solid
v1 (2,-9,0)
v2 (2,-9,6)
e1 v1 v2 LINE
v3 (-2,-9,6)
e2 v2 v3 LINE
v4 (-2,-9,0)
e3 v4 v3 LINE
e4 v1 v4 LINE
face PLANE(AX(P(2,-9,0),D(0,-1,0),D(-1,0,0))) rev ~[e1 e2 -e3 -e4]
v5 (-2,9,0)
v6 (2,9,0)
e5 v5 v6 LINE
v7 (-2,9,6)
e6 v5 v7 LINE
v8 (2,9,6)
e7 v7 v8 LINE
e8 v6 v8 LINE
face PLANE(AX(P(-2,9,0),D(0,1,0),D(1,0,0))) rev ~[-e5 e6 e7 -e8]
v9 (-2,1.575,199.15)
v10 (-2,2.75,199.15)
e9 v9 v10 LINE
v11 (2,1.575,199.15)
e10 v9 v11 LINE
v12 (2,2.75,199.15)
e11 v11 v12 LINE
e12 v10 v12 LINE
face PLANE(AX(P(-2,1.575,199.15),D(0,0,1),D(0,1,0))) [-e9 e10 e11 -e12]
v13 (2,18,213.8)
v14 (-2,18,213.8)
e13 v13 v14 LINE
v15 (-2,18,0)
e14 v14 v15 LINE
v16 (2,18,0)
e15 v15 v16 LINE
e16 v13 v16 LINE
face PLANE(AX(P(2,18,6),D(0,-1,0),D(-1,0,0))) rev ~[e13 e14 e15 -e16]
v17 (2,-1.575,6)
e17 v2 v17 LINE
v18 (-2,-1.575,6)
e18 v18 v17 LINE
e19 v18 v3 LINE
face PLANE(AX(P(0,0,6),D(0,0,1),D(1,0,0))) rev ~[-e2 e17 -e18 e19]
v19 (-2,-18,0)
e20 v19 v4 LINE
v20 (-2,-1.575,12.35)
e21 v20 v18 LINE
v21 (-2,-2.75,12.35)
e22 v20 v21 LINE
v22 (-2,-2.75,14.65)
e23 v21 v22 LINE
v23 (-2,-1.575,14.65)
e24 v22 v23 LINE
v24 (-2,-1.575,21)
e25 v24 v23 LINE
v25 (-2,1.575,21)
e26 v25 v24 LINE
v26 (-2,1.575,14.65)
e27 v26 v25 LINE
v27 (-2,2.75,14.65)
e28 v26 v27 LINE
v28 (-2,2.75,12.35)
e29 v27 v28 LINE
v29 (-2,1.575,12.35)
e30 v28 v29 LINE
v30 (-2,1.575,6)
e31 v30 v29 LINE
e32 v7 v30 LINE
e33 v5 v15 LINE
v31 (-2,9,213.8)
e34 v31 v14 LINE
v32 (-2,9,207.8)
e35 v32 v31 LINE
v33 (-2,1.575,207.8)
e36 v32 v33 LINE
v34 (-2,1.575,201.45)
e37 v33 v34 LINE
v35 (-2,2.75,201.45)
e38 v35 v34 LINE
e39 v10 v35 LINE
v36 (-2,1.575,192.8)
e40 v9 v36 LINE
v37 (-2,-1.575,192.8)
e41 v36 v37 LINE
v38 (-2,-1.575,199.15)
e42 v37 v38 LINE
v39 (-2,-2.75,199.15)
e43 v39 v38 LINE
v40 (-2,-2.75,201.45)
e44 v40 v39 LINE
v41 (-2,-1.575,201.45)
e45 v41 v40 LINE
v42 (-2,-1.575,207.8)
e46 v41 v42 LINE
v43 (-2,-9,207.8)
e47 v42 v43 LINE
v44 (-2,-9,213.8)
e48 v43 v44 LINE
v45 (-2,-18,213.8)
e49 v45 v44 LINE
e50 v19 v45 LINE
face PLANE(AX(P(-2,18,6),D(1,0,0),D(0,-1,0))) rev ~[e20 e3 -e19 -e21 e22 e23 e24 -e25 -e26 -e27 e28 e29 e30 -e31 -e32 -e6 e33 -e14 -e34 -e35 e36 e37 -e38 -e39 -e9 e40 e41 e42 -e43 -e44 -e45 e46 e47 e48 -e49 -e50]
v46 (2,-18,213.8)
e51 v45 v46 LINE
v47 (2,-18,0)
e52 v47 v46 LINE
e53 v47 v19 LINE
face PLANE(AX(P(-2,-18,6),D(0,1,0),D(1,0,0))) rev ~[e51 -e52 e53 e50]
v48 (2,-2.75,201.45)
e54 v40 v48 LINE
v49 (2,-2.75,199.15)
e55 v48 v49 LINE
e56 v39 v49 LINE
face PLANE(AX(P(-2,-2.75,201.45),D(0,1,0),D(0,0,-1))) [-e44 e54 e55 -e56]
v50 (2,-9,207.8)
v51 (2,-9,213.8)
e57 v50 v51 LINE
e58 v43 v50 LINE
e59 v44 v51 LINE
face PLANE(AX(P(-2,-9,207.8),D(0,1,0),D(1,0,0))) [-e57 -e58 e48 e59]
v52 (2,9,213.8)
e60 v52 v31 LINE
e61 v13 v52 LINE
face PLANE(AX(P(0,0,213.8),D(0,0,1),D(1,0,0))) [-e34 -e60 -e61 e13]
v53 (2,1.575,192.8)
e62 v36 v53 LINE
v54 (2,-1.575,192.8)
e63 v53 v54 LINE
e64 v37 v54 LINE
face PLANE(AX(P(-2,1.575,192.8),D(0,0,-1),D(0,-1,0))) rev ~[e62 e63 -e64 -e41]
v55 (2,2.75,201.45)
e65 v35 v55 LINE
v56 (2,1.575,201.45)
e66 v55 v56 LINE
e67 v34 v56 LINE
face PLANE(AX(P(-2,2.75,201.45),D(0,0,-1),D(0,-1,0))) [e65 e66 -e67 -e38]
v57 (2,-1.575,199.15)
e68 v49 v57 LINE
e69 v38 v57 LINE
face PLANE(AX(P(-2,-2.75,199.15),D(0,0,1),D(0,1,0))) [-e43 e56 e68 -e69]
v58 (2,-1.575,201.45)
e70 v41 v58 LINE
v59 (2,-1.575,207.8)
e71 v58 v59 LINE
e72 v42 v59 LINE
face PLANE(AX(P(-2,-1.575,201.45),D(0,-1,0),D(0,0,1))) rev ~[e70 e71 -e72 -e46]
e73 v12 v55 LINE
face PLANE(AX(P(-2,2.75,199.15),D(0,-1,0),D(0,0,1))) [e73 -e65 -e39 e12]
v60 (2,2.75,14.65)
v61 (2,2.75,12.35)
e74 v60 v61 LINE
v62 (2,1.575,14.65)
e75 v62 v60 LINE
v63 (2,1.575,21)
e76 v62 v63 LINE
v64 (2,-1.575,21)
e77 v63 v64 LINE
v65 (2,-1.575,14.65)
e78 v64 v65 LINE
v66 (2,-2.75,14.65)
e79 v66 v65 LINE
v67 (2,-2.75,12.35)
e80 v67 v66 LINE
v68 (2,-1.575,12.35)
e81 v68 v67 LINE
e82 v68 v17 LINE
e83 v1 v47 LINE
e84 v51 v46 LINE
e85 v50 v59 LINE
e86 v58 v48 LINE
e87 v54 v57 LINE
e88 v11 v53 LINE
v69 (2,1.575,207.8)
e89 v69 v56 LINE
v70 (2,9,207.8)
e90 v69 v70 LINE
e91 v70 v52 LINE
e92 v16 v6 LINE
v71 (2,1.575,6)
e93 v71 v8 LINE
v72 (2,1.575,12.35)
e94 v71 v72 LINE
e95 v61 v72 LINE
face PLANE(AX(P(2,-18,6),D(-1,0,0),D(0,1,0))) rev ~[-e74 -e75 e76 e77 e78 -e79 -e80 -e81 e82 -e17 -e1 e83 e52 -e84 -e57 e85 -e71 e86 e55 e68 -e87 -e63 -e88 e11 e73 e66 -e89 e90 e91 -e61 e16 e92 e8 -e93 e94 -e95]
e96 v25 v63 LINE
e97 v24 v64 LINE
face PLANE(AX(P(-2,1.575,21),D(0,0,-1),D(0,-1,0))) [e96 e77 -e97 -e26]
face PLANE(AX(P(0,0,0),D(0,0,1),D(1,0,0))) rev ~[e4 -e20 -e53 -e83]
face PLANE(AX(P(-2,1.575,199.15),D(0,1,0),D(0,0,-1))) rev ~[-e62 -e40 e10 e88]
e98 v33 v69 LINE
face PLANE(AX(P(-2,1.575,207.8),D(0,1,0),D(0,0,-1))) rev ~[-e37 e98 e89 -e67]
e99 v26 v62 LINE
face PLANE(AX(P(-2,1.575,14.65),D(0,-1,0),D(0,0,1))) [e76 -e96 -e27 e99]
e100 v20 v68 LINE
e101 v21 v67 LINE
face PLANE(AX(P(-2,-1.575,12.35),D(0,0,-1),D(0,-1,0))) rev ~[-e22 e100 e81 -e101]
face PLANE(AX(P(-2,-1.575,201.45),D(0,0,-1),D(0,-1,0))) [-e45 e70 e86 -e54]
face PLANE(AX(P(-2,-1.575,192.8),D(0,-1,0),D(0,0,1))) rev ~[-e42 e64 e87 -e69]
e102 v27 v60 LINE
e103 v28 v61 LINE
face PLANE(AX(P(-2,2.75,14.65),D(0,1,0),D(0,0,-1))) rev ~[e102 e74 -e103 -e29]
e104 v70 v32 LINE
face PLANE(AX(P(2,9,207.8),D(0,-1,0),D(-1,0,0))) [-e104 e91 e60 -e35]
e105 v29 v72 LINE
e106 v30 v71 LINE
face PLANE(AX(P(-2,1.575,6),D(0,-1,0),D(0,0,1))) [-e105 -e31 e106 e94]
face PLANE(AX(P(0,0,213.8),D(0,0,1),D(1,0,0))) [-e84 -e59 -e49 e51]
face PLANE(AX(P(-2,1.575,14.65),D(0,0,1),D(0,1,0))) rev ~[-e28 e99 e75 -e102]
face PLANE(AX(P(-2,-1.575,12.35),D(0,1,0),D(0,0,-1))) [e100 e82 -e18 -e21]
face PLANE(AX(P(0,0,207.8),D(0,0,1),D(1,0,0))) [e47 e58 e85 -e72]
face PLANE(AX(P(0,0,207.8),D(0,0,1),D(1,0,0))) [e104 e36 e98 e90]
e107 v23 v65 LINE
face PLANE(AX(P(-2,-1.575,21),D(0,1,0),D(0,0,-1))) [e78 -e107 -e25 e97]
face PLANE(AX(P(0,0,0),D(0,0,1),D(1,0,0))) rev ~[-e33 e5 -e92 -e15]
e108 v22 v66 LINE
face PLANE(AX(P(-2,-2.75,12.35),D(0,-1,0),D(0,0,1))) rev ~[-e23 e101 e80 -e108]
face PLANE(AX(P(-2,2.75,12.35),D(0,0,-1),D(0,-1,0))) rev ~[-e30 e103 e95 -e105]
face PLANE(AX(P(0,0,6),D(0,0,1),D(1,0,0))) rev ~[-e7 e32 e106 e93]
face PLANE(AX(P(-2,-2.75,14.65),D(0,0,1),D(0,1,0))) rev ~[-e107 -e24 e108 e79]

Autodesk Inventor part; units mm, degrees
ref_plane "YZ Plane" through (0, 0, 0) normal (1, 0, 0) x (0, 1, 0)
ref_plane "XZ Plane" through (0, 0, 0) normal (0, 1, 0) x (-1, 0, 0)
ref_plane "XY Plane" through (0, 0, 0) normal (0, 0, 1) x (1, 0, 0)
sketch "Эскиз1" plane through (0, 0, 0) normal (0, 0, 1) x (1, 0, 0)
  line L0 (-2, 18) -> (2, 18)
  line L1 (2, -18) -> (-2, -18)
  line L2 (-2, 18) -> (2, -18) construction
  line L3 (2, 18) -> (-2, -18) construction
  line L4 (-2, 9) -> (2, 9)
  line L5 (2, -9) -> (-2, -9)
  line L6 (-2, 9) -> (2, -9) construction
  line L7 (2, 9) -> (-2, -9) construction
  line L8 (-2, -18) -> (-2, -9)
  line L9 (-2, 9) -> (-2, 18)
  line L10 (2, 18) -> (2, 9)
  line L11 (2, -9) -> (2, -18)
  point P0 (0, 0)
  dimension "d4" = 36
  dimension "d5" = 4
extrude "Выдавливание1" add sketch "Эскиз1" along normal blind 6
sketch "Эскиз2" plane through (0, 0, 6) normal (0, 0, 1) x (1, 0, 0)
  line L0 (-2, -18) -> (2, -18) projected
  line L1 (2, 18) -> (-2, 18) projected
  line L2 (-2, -18) -> (2, -18)
  line L3 (2, -18) -> (2, 18)
  line L4 (2, 18) -> (-2, 18)
  line L5 (-2, 18) -> (-2, -18)
  point P0 (0, 0)
extrude "Выдавливание2" add sketch "Эскиз2" along normal blind 201.8
sketch "Эскиз4" plane through (0, 0, 207.8) normal (0, 0, 1) x (1, 0, 0)
  line L0 (2, 18) -> (-2, 18) projected
  line L1 (-2, -18) -> (2, -18) projected
  line L2 (-2, 18) -> (2, 18)
  line L3 (2, -18) -> (-2, -18)
  line L4 (-2, 9) -> (-2, -9) projected
  line L5 (2, 9) -> (-2, 9)
  line L6 (-2, -9) -> (2, -9)
  line L7 (2, 9) -> (-2, -9) construction
  line L8 (-2, 9) -> (2, -9) construction
  line L9 (2, 18) -> (2, 9)
  line L10 (2, -9) -> (2, -18)
  line L11 (-2, -18) -> (-2, -9)
  line L12 (-2, 9) -> (-2, 18)
  point P0 (0, 0)
extrude "Выдавливание3" add sketch "Эскиз4" along normal blind 6
sketch "Эскиз5" plane through (-2, -18, 0) normal (-1, 0, 0) x (0, 0, 1)
  line L0 (106.9, -127.9343) -> (106.9, 327.3325) construction
  line L1 (207.8, 27) -> (207.8, 9) projected
  line L2 (192.8, 19.575) -> (192.8, 16.425)
  line L3 (207.8, 16.425) -> (207.8, 19.575)
  line L4 (207.8, 19.575) -> (192.8, 16.425) construction
  line L5 (192.8, 19.575) -> (207.8, 16.425) construction
  line L6 (201.45, 15.25) -> (199.15, 15.25)
  line L7 (199.15, 20.75) -> (201.45, 20.75)
  line L8 (201.45, 15.25) -> (199.15, 20.75) construction
  line L9 (199.15, 15.25) -> (201.45, 20.75) construction
  line L10 (201.45, 20.75) -> (201.45, 19.575)
  line L11 (201.45, 16.425) -> (201.45, 15.25)
  line L12 (207.8, 19.575) -> (201.45, 19.575)
  line L13 (199.15, 19.575) -> (192.8, 19.575)
  line L14 (192.8, 16.425) -> (199.15, 16.425)
  line L15 (201.45, 16.425) -> (207.8, 16.425)
  line L16 (199.15, 15.25) -> (199.15, 16.425)
  line L17 (199.15, 19.575) -> (199.15, 20.75)
  line L18 (6, 27) -> (6, 9)
  line L19 (21, 19.575) -> (21, 16.425)
  line L20 (6, 16.425) -> (6, 19.575)
  line L21 (6, 19.575) -> (21, 16.425) construction
  line L22 (21, 19.575) -> (6, 16.425) construction
  line L23 (12.35, 15.25) -> (14.65, 15.25)
  line L24 (14.65, 20.75) -> (12.35, 20.75)
  line L25 (12.35, 15.25) -> (14.65, 20.75) construction
  line L26 (14.65, 15.25) -> (12.35, 20.75) construction
  line L27 (12.35, 20.75) -> (12.35, 19.575)
  line L28 (12.35, 16.425) -> (12.35, 15.25)
  line L29 (6, 19.575) -> (12.35, 19.575)
  line L30 (14.65, 19.575) -> (21, 19.575)
  line L31 (21, 16.425) -> (14.65, 16.425)
  line L32 (12.35, 16.425) -> (6, 16.425)
  line L33 (14.65, 15.25) -> (14.65, 16.425)
  line L34 (14.65, 19.575) -> (14.65, 20.75)
  point P0 (6, 27)
  point P1 (6, 9)
  point P2 (200.3, 18)
  point P3 (207.8, 18)
  point P4 (13.5, 18)
  point P5 (6, 18)
  point P6 (207.8, 19.575)
  dimension "d25" = 15
  dimension "d26" = 3.15
  dimension "d27" = 2.3
  dimension "d28" = 5.5
extrude "Выдавливание4" cut sketch "Эскиз5" against normal blind 6
properties part number "ребро"
